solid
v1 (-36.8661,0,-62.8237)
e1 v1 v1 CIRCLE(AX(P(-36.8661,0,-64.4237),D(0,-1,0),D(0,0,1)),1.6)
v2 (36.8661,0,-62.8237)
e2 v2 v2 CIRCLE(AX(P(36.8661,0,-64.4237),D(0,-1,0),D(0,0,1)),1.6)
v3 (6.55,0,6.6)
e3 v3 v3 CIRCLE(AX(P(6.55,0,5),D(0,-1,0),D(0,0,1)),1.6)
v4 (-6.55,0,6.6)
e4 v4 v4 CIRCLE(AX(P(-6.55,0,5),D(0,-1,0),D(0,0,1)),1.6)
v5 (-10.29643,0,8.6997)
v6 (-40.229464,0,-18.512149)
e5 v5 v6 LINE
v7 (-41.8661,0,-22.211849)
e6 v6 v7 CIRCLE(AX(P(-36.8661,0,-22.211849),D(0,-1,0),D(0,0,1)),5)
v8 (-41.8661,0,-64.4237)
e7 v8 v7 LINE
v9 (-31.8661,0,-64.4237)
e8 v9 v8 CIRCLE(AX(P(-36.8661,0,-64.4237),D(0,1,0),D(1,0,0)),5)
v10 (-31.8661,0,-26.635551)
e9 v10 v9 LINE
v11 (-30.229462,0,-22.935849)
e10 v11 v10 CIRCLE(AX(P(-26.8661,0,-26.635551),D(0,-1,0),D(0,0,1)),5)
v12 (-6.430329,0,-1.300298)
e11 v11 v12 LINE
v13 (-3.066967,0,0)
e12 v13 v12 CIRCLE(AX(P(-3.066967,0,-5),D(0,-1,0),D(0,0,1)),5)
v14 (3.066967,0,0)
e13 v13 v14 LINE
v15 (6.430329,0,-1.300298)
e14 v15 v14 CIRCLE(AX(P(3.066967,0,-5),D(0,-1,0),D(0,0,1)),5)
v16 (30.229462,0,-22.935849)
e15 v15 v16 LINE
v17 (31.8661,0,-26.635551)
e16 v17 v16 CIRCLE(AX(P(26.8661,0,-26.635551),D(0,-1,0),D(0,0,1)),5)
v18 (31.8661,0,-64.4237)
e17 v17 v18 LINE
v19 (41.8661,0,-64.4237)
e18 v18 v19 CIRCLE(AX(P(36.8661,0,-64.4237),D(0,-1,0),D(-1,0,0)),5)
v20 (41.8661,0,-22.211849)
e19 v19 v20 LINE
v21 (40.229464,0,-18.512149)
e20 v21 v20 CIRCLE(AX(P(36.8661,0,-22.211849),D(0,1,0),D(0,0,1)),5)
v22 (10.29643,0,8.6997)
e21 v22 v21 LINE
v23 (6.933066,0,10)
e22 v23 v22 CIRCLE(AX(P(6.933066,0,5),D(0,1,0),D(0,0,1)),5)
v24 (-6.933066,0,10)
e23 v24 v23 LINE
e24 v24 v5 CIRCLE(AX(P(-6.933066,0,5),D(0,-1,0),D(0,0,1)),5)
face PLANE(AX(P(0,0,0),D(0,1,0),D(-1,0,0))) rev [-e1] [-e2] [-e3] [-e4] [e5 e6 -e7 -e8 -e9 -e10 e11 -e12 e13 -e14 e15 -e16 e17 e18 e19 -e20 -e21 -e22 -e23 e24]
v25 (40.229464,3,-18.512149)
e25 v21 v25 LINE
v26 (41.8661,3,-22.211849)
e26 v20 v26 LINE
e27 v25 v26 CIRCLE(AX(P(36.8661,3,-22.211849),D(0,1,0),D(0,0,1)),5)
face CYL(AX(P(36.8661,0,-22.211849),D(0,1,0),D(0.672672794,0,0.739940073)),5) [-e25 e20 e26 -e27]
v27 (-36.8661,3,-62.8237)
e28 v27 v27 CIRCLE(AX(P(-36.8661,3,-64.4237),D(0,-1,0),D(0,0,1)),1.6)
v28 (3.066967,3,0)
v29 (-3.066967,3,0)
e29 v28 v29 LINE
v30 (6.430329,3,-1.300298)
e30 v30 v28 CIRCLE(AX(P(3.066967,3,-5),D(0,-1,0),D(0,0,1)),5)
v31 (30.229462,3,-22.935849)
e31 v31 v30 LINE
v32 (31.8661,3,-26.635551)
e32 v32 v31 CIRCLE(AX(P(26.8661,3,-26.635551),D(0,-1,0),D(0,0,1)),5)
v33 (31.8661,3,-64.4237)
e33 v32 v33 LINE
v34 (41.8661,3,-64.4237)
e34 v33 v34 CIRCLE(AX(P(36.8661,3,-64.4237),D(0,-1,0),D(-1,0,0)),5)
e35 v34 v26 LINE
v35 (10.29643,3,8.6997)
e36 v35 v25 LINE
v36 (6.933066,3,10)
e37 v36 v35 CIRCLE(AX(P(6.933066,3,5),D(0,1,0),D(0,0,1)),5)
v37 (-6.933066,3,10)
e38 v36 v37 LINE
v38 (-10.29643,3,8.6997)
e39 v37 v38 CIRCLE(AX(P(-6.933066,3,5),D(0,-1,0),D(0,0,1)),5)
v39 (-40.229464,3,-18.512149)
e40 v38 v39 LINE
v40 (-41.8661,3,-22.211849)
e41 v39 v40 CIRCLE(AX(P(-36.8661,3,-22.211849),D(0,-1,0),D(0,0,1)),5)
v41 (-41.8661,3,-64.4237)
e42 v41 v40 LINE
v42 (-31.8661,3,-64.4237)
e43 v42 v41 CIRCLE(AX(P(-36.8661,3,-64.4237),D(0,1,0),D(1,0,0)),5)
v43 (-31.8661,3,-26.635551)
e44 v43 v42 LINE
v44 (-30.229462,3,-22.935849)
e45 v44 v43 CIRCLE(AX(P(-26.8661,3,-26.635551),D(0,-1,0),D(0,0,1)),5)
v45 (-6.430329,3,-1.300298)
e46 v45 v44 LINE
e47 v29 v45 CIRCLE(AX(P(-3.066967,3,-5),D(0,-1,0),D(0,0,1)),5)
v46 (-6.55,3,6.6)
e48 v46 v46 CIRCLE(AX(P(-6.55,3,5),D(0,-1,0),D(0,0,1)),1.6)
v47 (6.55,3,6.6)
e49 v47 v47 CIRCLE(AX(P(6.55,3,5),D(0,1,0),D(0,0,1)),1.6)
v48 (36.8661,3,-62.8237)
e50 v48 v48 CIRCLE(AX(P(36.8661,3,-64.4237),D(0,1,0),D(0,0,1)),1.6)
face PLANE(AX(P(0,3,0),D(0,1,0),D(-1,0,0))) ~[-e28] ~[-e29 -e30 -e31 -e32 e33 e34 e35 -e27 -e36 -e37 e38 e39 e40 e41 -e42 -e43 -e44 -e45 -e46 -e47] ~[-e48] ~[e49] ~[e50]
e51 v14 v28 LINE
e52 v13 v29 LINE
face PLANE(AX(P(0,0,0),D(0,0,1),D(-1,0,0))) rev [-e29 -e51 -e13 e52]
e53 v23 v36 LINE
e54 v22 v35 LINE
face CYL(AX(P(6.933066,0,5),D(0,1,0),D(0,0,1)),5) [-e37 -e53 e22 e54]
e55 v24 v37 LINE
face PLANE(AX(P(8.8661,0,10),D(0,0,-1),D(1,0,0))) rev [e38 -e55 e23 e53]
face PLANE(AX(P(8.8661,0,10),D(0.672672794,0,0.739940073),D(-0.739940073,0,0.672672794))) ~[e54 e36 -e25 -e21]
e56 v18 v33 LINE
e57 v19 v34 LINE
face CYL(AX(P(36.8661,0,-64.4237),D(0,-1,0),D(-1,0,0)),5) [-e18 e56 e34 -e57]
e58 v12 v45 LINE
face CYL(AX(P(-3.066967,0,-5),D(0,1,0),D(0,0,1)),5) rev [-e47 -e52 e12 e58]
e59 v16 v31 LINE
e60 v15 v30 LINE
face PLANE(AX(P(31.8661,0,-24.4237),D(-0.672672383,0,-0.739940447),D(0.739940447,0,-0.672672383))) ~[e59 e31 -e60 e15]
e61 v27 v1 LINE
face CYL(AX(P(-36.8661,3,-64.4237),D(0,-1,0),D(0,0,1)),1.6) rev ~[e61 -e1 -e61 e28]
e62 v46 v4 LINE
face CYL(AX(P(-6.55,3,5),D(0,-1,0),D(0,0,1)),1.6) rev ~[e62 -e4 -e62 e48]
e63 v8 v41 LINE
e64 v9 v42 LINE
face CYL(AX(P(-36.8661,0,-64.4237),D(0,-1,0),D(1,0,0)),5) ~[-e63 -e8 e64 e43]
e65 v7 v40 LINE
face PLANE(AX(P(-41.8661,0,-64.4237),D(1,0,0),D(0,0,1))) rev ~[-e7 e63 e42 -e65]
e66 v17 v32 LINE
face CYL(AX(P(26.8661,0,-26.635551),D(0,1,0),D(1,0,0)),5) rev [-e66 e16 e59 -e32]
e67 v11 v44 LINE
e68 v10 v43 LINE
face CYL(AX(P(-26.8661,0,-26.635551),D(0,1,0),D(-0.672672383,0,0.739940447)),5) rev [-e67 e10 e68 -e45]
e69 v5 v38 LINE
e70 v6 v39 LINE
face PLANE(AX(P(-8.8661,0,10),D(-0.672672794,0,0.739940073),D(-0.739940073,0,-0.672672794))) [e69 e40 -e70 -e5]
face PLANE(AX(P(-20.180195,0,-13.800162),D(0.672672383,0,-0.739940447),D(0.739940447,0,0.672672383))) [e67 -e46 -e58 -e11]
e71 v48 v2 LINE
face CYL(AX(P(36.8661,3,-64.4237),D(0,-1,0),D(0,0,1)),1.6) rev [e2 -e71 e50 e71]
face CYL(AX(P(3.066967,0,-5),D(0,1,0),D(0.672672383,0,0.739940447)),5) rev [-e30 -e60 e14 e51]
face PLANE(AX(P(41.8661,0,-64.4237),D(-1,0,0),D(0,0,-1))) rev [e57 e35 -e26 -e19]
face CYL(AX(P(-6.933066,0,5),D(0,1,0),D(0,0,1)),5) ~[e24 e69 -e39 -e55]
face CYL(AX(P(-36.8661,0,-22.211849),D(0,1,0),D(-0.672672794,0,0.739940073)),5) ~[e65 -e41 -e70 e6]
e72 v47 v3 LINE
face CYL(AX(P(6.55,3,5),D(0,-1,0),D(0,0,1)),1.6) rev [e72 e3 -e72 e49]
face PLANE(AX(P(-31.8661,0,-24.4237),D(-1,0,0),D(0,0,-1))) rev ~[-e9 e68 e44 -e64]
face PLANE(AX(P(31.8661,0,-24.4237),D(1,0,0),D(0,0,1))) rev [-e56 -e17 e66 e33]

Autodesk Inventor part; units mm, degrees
ref_plane "YZ Plane" through (0, 0, 0) normal (1, 0, 0) x (0, 1, 0)
ref_plane "XZ Plane" through (0, 0, 0) normal (0, 1, 0) x (-1, 0, 0)
ref_plane "XY Plane" through (0, 0, 0) normal (0, 0, 1) x (1, 0, 0)
sketch "Sketch3" plane through (0, 0, 0) normal (0, 1, 0) x (-1, 0, 0)
  line L0 (0, 0) -> (5, 0)
  line L1 (31.8661, -24.4237) -> (31.8661, -64.4237)
  line L2 (41.8661, -64.4237) -> (41.8661, -20)
  line L3 (0, 10) -> (0, 0)
  line L4 (8.8661, 10) -> (41.8661, -20)
  line L5 (31.8661, -24.4237) -> (5, 0)
  line L6 (8.8661, 10) -> (0, 10)
  line L7 (5, 0) -> (0, 0)
  line L8 (31.8661, -24.4237) -> (31.8661, -64.4237)
  line L9 (41.8661, -64.4237) -> (41.8661, -20)
  line L10 (5, 0) -> (0, 0)
  arc A0 (31.8661, -64.4237) -> (41.8661, -64.4237) centre (36.8661, -64.4237) ccw
  circle A1 centre (0, -35.9984) radius 30
  point P0 (31.8661, -44.4237)
  point P1 (0, 5)
  dimension "d51" = 10
  dimension "d56" = 10
  dimension "d57" = 30
  dimension "d58" = 33
  dimension "d59" = 5
  dimension "d60" = 5
  dimension "d61" = 40
  dimension "d64" = 10
  dimension "d65" = 10
  dimension "d66" = 60
extrude "Extrusion2" add sketch "Sketch3" along normal blind 3 contours L3 L6 L4 L2 A0 L1 L5 L0
sketch "Sketch4" plane through (0, 3, 0) normal (0, 1, 0) x (1, 0, 0)
  line L0 (0, -10) -> (0, 0) projected
  arc A0 (-31.8661, 64.4237) -> (-41.8661, 64.4237) centre (-36.8661, 64.4237) ccw projected
  point P0 (-6.55, -5)
  point P1 (0, -5)
  point P2 (-36.8661, 69.4237)
  dimension "d77" = 6.55
hole "Hole2" at (-6.55, 3, 5) at (-36.8661, 3, -64.4237) direction (0, -1, 0) diameter 3.2 end through all clearance for "Countersunk Flat Head Screw DIN EN ISO 2009" size "M3" standard "DIN"
fillet "Fillet1" radius 5 4 edges at (-8.8661, 1.5, 10) (-41.8661, 1.5, -20) (-31.8661, 1.5, -24.4237) (-5, 1.5, 0)
mirror "Mirror3" about plane through (0, 0, 10) normal (1, 0, 0) of "Extrusion2", "Hole2", "Fillet1"
properties part number "Claw4" material "Copper, Cast"
